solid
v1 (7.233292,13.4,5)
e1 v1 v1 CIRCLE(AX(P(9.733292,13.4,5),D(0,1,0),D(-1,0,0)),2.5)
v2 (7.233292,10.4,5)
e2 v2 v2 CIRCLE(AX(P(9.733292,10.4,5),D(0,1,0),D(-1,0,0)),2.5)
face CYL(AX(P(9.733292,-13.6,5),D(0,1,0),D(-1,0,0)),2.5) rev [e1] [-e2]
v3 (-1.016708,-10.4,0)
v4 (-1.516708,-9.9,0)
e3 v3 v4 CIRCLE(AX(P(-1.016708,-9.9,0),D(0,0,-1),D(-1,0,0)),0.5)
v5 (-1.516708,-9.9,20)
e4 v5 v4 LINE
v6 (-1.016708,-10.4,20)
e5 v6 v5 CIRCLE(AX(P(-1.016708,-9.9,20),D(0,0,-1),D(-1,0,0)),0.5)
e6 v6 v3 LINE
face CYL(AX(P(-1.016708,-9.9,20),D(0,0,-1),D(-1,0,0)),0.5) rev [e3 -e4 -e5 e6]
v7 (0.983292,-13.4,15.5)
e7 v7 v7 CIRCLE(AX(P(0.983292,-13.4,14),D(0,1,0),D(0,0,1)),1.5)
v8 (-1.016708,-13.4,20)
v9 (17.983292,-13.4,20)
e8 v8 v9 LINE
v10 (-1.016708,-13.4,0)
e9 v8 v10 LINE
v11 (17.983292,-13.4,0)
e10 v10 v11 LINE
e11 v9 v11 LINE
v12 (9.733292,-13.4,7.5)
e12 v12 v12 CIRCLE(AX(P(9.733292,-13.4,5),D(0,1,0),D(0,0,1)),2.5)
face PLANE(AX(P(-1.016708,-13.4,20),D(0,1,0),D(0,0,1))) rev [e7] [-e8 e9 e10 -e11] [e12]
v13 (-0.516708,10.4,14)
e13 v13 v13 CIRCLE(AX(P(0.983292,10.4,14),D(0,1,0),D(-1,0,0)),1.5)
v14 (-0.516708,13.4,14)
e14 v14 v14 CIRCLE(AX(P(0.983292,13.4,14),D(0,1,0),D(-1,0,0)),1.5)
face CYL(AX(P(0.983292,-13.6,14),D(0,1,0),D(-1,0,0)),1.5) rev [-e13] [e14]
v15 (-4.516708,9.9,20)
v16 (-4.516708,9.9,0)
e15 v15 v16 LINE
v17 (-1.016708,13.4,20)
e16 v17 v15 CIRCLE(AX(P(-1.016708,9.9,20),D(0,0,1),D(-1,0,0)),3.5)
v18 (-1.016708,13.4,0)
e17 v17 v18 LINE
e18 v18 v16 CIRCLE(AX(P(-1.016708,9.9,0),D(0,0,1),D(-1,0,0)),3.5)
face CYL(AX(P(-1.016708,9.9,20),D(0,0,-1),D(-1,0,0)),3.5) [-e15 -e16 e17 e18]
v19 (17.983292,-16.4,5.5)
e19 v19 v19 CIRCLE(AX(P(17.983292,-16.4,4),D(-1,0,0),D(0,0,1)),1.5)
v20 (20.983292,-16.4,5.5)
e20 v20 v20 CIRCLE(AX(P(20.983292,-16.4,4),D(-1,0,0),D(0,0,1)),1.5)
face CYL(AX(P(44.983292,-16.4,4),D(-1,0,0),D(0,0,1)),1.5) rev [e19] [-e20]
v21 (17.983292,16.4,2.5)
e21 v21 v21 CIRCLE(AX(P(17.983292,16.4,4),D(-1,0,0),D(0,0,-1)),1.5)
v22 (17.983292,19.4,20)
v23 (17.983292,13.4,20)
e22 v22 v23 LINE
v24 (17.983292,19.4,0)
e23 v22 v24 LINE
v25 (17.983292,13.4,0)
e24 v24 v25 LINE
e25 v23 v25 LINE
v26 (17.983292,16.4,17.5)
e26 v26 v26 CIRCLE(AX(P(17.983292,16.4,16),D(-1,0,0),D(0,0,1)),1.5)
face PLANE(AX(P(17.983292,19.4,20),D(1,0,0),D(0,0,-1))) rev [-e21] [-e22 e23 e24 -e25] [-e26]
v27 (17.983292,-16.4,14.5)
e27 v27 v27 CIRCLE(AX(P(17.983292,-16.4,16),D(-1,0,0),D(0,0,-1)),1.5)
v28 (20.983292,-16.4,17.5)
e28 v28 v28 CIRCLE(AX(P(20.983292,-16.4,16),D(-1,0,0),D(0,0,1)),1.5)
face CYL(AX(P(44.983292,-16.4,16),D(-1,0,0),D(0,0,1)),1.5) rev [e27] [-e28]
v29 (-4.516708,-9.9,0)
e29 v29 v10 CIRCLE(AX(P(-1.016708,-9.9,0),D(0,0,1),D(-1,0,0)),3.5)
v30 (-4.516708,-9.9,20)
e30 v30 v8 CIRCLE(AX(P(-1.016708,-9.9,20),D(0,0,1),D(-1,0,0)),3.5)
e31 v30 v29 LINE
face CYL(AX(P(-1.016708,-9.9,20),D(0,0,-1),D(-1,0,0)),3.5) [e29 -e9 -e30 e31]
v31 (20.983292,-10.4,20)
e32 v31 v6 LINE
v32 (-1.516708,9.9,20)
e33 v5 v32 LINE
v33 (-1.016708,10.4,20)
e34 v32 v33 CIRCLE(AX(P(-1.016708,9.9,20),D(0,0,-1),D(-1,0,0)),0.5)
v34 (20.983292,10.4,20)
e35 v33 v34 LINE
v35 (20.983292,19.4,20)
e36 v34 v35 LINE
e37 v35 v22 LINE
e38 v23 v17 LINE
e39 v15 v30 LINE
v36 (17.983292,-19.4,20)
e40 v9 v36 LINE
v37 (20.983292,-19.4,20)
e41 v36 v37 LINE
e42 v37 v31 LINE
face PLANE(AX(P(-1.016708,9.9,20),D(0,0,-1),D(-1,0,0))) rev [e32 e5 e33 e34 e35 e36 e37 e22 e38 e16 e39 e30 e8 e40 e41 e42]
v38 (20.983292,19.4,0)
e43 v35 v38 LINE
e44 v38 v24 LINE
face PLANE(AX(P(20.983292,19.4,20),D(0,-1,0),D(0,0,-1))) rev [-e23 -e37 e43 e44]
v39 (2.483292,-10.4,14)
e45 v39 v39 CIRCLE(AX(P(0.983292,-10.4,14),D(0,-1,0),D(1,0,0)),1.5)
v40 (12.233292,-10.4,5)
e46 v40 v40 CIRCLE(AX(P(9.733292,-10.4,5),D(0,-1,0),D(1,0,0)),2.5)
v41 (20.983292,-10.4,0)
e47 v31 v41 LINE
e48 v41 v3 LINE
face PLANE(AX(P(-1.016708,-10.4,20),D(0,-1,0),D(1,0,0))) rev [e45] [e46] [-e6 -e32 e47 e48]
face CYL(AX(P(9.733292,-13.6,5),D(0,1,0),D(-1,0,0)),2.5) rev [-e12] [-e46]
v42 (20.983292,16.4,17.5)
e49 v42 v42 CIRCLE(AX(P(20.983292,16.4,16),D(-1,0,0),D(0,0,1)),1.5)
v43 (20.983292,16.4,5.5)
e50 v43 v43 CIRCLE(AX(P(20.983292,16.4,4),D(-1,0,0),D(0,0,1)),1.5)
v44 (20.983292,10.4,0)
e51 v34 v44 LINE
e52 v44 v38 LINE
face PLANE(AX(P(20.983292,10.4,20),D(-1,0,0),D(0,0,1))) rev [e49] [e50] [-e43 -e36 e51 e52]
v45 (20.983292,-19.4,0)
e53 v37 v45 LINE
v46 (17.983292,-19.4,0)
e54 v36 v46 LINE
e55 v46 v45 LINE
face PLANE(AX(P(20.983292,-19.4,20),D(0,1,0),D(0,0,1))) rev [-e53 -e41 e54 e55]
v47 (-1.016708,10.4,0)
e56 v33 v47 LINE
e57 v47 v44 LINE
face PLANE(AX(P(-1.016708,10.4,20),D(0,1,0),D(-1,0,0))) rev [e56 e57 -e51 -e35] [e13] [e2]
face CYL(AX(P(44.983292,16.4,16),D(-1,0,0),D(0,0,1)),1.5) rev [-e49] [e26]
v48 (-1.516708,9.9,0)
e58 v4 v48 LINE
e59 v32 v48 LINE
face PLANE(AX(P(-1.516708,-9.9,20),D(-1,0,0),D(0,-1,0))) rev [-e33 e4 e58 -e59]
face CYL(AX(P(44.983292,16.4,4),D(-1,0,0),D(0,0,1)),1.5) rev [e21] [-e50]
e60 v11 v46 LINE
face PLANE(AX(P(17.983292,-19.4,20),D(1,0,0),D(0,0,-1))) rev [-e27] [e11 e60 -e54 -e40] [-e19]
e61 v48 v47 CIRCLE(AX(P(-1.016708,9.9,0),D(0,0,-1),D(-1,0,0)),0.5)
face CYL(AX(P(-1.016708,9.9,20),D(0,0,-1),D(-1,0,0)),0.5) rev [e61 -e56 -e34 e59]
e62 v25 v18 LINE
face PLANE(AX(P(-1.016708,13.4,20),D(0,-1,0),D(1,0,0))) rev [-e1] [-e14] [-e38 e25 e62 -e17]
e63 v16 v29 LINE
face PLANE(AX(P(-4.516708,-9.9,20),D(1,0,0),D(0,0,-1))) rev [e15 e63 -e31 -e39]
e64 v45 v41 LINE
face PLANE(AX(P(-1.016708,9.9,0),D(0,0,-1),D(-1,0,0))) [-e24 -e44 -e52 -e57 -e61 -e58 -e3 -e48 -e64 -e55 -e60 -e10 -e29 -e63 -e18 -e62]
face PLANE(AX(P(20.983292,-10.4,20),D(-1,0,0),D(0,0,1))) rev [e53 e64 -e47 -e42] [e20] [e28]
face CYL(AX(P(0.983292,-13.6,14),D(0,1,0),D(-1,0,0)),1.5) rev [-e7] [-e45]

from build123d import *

# Parameters (mm, degrees)
BOSS_EXTRUDE1_DEPTH = 20
SKETCH2_R           = 1.5
SKETCH2_R_2         = 2.5
CUT_EXTRUDE1_DEPTH  = 27
SKETCH3_R           = 1.5
CUT_EXTRUDE2_DEPTH  = 27


with BuildPart() as part:
    # Sketch1 → Boss-Extrude1 (new body)
    with BuildSketch(Plane.XY):
        with BuildLine():
            Line((-1.016707819, -10.4), (20.983292181, -10.4))
            Line((20.983292181, -10.4), (20.983292181, -19.4))
            Line((20.983292181, -19.4), (17.983292181, -19.4))
            Line((17.983292181, -19.4), (17.983292181, -13.4))
            Line((17.983292181, -13.4), (-1.016707819, -13.4))
            ThreePointArc((-1.016707819, -13.4), (-3.491581553, -12.374873734), (-4.516707819, -9.9))
            Line((-4.516707819, -9.9), (-4.516707819, 9.9))
            ThreePointArc((-4.516707819, 9.9), (-3.491581553, 12.374873734), (-1.016707819, 13.4))
            Line((-1.016707819, 13.4), (17.983292181, 13.4))
            Line((17.983292181, 13.4), (17.983292181, 19.4))
            Line((17.983292181, 19.4), (20.983292181, 19.4))
            Line((20.983292181, 19.4), (20.983292181, 10.4))
            Line((20.983292181, 10.4), (-1.016707819, 10.4))
            ThreePointArc((-1.016707819, 10.4), (-1.370261209, 10.253553391), (-1.516707819, 9.9))
            Line((-1.516707819, 9.9), (-1.516707819, -9.9))
            ThreePointArc((-1.516707819, -9.9), (-1.370261209, -10.253553391), (-1.016707819, -10.4))
        make_face()
    extrude(amount=BOSS_EXTRUDE1_DEPTH)

    # Sketch2 → Cut-Extrude1 (cut)
    with BuildSketch(Plane(origin=(0, 13.4, 0), x_dir=(1, 0, 0), z_dir=(0, 1, 0))):
        with Locations((0.983292181, -14)):
            Circle(SKETCH2_R)
        with Locations((9.733292181, -5)):
            Circle(SKETCH2_R_2)
    extrude(amount=-CUT_EXTRUDE1_DEPTH, mode=Mode.SUBTRACT)

    # Sketch3 → Cut-Extrude2 (cut)
    with BuildSketch(Plane.ZY.offset(-17.983292181)):
        with Locations((16, 16.4)):
            Circle(SKETCH3_R)
        with Locations((4, 16.4)):
            Circle(SKETCH3_R)
        with Locations((4, -16.4)):
            Circle(SKETCH3_R)
        with Locations((16, -16.4)):
            Circle(SKETCH3_R)
    extrude(amount=-CUT_EXTRUDE2_DEPTH, mode=Mode.SUBTRACT)


solid = part.part
